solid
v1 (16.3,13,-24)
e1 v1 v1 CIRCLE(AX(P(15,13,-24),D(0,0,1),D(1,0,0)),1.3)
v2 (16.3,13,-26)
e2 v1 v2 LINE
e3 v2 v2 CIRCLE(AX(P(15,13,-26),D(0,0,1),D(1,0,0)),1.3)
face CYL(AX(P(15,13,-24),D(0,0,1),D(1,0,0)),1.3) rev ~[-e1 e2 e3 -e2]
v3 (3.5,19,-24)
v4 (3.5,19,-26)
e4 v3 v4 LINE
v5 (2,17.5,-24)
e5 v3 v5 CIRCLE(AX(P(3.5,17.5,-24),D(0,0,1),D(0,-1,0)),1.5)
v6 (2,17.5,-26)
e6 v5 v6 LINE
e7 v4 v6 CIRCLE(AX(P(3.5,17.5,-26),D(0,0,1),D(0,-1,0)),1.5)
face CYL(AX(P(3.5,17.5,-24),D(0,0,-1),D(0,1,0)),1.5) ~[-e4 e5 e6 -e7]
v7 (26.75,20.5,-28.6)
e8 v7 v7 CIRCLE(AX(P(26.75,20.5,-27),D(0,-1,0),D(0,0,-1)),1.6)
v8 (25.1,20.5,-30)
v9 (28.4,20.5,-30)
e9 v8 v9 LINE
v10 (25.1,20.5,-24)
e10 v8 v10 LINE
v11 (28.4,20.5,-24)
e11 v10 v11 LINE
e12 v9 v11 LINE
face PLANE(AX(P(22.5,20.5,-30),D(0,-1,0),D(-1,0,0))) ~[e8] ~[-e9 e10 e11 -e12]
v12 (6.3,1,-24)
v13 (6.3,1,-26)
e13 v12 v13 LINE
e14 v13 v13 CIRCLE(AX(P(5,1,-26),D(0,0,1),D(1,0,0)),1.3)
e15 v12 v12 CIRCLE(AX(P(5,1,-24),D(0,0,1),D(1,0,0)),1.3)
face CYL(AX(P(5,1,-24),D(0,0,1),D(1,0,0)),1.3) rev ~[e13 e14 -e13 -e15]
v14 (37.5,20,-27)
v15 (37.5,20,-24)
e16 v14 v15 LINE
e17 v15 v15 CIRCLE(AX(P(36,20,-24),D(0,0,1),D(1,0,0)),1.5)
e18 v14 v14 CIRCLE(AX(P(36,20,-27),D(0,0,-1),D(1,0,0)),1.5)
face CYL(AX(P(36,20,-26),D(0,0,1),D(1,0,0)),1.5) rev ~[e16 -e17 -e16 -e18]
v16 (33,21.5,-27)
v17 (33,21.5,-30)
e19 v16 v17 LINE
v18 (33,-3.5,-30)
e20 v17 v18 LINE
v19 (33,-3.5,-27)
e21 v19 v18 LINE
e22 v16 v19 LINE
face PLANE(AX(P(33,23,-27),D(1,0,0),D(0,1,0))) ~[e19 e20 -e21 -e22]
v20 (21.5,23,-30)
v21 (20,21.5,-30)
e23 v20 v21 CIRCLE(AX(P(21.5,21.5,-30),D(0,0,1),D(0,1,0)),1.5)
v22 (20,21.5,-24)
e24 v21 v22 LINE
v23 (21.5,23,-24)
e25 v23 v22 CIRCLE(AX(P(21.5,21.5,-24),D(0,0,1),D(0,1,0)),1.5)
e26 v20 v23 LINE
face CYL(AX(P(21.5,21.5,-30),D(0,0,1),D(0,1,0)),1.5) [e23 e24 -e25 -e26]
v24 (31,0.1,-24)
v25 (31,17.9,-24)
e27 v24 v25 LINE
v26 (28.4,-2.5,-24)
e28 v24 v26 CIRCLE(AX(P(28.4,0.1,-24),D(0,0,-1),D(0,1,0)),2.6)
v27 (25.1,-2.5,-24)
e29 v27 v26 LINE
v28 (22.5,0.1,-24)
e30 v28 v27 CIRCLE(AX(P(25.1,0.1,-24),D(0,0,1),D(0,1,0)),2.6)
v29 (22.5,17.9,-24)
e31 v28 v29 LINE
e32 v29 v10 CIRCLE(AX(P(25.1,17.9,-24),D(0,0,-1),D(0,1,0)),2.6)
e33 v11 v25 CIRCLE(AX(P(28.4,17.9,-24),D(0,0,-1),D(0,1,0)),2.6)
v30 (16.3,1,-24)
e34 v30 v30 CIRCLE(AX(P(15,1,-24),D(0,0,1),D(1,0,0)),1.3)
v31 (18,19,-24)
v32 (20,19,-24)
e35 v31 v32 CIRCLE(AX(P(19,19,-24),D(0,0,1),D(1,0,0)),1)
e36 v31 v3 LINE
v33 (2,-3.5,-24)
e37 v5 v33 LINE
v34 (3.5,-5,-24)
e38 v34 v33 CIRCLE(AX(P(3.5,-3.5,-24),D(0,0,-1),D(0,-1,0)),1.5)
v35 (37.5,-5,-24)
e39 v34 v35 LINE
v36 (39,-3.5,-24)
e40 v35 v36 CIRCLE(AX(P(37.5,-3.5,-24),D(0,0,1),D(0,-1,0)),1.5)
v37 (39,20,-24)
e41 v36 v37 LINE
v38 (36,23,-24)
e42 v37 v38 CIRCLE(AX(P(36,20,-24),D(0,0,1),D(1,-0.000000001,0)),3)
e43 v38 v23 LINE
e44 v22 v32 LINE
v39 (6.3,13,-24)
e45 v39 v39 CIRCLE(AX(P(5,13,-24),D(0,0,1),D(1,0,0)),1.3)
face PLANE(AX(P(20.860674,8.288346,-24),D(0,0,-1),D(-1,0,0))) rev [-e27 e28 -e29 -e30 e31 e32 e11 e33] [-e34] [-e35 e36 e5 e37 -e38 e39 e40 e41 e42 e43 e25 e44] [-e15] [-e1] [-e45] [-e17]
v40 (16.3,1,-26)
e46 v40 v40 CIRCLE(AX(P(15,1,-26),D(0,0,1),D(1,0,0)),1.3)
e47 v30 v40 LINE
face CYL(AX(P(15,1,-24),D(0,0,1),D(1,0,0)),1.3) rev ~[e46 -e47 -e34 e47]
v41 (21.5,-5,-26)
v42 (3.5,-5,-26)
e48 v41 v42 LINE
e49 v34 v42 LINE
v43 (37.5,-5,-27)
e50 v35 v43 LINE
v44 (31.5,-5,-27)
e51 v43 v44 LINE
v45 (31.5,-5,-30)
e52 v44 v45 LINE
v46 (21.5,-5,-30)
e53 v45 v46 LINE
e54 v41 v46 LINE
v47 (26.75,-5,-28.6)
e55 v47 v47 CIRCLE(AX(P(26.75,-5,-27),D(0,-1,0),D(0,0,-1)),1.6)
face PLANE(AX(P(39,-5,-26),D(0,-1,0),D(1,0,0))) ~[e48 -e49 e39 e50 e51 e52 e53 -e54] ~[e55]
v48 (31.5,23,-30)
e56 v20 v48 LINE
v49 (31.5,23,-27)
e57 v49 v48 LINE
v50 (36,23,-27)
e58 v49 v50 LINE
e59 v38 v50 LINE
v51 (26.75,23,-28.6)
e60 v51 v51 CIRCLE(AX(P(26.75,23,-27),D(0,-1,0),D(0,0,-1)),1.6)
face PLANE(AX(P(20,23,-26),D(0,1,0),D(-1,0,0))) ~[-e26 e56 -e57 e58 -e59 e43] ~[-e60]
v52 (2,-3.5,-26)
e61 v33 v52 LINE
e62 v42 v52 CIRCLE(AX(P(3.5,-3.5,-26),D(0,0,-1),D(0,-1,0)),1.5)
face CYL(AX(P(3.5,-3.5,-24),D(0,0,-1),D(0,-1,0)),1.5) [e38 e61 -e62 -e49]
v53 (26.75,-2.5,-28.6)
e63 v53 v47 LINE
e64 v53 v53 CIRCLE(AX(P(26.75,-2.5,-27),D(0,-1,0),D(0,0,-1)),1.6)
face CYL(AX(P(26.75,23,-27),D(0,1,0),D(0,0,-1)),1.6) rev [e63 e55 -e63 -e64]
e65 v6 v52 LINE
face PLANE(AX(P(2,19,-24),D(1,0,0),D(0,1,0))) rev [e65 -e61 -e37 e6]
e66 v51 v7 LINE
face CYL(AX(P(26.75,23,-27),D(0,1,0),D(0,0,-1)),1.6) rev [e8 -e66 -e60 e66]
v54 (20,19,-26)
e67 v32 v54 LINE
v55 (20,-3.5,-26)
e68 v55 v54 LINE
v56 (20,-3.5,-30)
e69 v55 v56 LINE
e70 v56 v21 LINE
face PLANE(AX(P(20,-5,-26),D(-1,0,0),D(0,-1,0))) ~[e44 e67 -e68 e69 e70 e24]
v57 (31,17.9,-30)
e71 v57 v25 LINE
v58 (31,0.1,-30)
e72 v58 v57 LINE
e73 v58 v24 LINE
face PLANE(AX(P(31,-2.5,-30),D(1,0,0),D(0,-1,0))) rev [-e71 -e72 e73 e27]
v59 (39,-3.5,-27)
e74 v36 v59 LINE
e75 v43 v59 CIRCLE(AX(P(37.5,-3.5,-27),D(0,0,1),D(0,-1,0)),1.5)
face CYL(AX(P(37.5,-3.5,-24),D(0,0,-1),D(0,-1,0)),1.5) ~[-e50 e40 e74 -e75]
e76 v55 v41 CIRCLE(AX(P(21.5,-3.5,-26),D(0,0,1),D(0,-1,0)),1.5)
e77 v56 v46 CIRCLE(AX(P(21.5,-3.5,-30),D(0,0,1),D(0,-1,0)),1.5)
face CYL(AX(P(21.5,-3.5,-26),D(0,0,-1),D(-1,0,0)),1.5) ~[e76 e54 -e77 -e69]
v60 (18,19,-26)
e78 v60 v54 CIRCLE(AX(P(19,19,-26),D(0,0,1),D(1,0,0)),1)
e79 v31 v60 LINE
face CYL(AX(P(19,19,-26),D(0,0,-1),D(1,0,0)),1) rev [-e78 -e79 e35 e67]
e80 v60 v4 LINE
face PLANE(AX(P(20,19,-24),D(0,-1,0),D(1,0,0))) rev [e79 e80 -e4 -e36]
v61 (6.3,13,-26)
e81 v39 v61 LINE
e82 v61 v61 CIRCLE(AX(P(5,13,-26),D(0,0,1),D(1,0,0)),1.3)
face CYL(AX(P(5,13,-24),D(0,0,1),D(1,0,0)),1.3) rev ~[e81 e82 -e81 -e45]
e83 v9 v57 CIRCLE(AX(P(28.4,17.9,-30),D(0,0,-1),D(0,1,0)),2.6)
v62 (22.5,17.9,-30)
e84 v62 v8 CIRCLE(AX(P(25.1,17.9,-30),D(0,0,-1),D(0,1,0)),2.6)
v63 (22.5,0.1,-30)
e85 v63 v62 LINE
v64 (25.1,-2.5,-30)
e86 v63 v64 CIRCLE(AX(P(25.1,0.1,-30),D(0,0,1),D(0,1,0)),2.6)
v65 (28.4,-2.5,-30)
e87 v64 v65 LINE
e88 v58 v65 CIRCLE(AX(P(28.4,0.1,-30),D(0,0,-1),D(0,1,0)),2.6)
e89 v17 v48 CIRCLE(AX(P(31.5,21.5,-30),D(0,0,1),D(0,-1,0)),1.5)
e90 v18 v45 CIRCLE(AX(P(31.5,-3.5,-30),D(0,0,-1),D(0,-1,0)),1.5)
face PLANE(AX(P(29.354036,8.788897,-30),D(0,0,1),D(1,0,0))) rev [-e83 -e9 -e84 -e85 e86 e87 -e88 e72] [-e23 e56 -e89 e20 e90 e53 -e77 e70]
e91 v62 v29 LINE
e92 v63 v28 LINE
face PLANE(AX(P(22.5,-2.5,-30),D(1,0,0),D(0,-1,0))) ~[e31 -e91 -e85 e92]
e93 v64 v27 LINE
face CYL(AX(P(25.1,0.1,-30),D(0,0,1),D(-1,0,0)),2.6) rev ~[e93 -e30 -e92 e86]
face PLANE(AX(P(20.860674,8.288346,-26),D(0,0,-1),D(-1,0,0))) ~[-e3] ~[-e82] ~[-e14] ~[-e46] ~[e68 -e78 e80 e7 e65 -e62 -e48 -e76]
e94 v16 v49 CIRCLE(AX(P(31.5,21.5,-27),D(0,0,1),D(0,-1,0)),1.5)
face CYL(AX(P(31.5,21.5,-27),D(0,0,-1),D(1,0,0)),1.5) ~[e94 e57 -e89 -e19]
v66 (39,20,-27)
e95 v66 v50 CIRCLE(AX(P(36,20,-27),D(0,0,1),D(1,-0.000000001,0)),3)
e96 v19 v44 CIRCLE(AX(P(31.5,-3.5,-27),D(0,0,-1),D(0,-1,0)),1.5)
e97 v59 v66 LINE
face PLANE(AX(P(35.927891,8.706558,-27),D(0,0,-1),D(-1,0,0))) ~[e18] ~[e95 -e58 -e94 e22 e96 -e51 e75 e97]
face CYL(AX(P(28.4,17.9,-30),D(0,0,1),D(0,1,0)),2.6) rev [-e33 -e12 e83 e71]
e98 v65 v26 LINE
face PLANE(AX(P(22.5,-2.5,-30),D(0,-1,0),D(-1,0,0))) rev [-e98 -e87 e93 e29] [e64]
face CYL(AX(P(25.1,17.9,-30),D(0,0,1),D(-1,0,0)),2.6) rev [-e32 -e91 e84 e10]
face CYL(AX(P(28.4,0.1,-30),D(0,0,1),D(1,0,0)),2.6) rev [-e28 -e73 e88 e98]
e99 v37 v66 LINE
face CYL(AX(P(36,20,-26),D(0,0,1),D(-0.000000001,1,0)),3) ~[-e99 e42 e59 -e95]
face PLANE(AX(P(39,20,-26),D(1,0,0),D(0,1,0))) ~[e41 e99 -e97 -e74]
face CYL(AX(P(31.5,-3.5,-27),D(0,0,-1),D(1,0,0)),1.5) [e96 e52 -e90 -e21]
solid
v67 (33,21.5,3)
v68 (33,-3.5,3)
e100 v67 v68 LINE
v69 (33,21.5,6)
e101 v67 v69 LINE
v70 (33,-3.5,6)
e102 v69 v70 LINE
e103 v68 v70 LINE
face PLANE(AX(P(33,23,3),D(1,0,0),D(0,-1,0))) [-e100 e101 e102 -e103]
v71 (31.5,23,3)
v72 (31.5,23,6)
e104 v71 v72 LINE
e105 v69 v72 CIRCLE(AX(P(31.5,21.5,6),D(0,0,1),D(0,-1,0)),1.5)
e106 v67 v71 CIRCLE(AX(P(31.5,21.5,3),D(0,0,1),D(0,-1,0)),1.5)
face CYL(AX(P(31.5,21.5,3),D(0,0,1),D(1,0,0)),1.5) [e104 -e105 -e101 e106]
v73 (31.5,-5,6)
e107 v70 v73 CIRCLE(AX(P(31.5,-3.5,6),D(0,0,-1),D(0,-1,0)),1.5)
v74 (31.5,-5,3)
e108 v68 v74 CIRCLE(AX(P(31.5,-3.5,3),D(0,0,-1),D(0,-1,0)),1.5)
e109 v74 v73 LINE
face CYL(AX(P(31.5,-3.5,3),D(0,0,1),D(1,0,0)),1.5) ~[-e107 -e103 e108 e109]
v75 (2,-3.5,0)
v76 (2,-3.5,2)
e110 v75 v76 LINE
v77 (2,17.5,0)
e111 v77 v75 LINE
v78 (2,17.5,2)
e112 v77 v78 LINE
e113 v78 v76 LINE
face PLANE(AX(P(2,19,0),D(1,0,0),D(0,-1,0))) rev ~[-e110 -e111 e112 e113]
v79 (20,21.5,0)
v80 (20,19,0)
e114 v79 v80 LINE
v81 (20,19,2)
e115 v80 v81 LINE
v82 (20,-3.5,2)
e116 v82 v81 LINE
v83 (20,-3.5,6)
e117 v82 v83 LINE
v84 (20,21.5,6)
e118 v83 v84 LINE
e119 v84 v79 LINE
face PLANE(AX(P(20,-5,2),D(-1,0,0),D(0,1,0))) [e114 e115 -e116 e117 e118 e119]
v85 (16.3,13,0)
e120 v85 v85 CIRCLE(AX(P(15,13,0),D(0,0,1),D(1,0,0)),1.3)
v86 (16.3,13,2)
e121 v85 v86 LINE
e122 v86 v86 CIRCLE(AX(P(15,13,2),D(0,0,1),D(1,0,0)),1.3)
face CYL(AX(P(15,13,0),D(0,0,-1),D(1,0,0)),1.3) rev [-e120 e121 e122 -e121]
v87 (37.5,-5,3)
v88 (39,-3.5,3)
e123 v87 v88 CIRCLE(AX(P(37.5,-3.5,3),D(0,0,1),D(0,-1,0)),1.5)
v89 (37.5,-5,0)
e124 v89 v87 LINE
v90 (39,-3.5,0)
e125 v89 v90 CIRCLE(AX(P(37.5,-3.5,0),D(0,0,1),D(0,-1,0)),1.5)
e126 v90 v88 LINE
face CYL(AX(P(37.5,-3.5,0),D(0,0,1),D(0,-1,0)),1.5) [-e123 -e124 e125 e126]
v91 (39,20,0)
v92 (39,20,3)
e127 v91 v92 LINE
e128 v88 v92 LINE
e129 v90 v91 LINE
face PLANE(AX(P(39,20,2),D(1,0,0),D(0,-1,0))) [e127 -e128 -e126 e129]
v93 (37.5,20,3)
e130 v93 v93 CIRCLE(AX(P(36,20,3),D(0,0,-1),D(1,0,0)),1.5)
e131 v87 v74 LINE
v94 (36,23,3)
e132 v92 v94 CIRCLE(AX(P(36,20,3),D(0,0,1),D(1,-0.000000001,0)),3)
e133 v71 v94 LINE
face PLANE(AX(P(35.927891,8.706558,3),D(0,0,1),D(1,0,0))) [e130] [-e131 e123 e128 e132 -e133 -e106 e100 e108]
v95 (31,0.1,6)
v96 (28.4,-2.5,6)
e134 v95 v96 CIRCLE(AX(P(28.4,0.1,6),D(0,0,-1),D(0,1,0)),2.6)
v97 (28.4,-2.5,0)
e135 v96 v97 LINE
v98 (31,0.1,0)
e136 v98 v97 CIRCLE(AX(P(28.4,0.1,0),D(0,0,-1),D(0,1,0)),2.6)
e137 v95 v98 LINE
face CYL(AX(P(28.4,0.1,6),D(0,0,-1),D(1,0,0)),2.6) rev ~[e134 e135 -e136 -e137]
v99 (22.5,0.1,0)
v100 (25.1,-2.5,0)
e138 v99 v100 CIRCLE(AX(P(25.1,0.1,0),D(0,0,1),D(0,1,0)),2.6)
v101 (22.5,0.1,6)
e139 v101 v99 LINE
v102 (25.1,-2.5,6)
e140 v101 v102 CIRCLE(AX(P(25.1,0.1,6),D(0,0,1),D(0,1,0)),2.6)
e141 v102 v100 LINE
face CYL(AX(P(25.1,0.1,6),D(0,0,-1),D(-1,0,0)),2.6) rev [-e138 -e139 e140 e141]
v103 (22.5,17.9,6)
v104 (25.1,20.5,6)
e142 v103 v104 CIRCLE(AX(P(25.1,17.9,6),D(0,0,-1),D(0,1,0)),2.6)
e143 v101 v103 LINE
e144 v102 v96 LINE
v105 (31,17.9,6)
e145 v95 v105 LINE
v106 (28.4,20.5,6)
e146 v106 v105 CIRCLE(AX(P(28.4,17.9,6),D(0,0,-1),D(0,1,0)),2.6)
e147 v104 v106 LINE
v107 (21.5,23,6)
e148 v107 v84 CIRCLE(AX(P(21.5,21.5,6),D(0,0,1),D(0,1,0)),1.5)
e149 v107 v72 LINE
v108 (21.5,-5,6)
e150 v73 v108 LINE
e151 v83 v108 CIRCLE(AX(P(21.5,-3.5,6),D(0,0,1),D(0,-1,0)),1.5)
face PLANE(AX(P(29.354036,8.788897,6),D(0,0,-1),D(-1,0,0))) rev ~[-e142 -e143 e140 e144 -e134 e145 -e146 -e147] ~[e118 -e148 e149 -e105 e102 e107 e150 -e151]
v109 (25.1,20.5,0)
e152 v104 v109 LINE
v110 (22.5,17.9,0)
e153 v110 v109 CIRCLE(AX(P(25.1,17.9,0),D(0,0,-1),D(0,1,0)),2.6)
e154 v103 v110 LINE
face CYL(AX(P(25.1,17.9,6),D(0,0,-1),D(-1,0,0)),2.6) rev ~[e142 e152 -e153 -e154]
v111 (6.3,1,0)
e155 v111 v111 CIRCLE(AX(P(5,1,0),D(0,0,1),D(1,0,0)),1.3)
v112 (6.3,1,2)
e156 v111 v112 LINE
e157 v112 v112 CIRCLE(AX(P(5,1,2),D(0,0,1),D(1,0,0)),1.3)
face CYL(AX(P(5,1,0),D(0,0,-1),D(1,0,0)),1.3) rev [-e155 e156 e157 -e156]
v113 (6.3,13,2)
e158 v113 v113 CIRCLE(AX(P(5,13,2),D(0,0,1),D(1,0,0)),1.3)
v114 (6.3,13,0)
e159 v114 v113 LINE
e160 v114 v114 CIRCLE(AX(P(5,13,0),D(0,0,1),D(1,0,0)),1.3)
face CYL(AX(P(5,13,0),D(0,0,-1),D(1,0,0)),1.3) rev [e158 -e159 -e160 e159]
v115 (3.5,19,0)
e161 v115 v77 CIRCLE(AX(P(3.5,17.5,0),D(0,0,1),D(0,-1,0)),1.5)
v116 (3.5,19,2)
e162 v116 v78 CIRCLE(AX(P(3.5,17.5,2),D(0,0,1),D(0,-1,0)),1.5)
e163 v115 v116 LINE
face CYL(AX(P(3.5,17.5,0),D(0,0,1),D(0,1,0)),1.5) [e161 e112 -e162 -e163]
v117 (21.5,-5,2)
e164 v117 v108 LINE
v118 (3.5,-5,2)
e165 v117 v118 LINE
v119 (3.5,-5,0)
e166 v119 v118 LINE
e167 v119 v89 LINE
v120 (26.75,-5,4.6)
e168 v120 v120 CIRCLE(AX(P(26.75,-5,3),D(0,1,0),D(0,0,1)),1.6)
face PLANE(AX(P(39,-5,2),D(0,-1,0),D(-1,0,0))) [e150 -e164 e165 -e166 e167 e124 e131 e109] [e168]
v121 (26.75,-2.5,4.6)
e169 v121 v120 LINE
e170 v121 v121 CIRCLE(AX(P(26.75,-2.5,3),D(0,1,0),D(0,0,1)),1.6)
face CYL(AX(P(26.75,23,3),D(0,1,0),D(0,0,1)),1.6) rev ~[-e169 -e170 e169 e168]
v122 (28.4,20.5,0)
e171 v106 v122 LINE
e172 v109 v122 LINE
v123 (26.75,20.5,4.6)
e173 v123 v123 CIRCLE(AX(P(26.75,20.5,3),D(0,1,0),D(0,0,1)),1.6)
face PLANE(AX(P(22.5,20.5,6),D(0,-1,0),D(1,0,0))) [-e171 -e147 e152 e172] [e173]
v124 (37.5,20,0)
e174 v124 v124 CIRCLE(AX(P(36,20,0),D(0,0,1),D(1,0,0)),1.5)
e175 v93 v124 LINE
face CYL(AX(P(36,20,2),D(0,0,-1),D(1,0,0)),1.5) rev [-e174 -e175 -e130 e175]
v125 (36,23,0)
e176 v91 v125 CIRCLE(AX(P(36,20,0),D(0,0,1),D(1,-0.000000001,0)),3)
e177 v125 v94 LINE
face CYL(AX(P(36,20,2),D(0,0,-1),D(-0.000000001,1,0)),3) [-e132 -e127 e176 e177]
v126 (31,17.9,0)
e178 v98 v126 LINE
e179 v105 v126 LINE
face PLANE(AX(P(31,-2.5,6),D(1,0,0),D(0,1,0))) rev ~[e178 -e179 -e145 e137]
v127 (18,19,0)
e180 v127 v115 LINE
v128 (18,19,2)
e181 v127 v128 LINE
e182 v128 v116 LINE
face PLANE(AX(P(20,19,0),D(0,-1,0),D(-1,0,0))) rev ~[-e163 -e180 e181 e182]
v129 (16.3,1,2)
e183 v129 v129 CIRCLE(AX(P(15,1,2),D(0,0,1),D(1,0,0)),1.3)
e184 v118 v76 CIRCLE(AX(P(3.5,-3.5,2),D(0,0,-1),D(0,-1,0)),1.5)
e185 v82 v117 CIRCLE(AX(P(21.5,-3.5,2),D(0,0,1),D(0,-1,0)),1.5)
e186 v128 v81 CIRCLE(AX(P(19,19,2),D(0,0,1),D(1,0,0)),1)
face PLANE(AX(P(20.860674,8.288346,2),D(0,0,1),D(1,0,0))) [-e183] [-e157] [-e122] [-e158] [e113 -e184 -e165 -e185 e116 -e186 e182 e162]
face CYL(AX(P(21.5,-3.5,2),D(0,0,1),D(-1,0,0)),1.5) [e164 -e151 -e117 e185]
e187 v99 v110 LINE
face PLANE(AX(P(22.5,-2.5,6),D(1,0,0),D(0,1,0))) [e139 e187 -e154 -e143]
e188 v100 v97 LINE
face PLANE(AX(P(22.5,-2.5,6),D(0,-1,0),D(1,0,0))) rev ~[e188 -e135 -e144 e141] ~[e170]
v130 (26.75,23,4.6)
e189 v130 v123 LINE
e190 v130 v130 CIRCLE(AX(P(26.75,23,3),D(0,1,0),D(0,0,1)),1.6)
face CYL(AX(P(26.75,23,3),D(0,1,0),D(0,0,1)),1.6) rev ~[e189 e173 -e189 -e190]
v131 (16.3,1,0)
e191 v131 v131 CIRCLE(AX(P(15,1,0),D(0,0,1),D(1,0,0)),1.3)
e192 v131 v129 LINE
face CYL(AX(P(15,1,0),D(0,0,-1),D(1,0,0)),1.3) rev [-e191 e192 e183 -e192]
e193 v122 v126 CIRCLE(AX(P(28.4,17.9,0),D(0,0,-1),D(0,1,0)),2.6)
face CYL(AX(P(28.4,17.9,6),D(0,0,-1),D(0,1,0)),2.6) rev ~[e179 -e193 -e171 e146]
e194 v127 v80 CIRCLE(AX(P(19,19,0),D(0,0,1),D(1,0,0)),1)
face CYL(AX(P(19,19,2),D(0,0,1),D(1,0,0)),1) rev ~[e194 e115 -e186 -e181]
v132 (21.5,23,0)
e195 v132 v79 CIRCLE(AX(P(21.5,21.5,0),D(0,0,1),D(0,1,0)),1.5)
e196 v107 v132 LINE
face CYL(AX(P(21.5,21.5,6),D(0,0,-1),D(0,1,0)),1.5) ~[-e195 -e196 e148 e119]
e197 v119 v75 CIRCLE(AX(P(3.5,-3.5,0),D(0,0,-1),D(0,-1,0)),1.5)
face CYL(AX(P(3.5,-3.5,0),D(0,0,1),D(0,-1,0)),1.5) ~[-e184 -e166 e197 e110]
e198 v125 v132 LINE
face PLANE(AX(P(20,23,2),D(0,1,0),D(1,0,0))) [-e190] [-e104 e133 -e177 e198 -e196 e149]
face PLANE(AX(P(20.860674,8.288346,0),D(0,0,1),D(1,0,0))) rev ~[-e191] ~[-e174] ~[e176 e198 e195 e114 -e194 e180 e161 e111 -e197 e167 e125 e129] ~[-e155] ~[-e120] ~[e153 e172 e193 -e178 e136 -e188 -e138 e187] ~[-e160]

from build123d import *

# Parameters (mm, degrees)
SKETCH_3_R          = 1.5
SKETCH_3_R_2        = 1.3
EXTRUDE_1_DEPTH     = 2
SKETCH_4_R          = 1.5
EXTRUDE_2_DEPTH     = 4
SKETCH_5_R          = 1.6
CUT_EXTRUDE_1_DEPTH = 34
SKETCH_6_W          = 8.5
SKETCH_6_H          = 23
CUT_EXTRUDE_2_DEPTH = 34
FILLET_1_R          = 2.6
CUT_EXTRUDE_START   = -3
CUT_EXTRUDE_3_DEPTH = 3
FILLET_2_R          = 1.5
SKETCH_10_R         = 1
CUT_EXTRUDE_4_DEPTH = 4


with BuildPart() as part:
    # 草图3 → 凸台-拉伸1 (new body)
    with BuildSketch(Plane.XY):
        with BuildLine():
            Line((2, 19), (2, -5))
            Line((2, -5), (20, -5))
            Line((20, -5), (39, -5))
            Line((39, -5), (39, 20))
            ThreePointArc((39, 20), (38.121320344, 22.121320344), (36, 23))
            Line((36, 23), (20, 23))
            Line((20, 23), (20, 19))
            Line((20, 19), (2, 19))
        make_face()
        with Locations((36, 20)):
            Circle(SKETCH_3_R, mode=Mode.SUBTRACT)
        with Locations((15, 13)):
            Circle(SKETCH_3_R_2, mode=Mode.SUBTRACT)
        with Locations((5, 13)):
            Circle(SKETCH_3_R_2, mode=Mode.SUBTRACT)
        with Locations((5, 1)):
            Circle(SKETCH_3_R_2, mode=Mode.SUBTRACT)
        with Locations((15, 1)):
            Circle(SKETCH_3_R_2, mode=Mode.SUBTRACT)
    extrude(amount=EXTRUDE_1_DEPTH)

    # 草图4 → 凸台-拉伸2 (add)
    with BuildSketch(Plane.XY.offset(2)):
        with BuildLine():
            Line((39, -5), (20, -5))
            Line((20, -5), (20, 23))
            Line((20, 23), (36, 23))
            ThreePointArc((36, 23), (38.121320344, 22.121320344), (39, 20))
            Line((39, 20), (39, -5))
        make_face()
        with Locations((36, 20)):
            Circle(SKETCH_4_R, mode=Mode.SUBTRACT)
    extrude(amount=EXTRUDE_2_DEPTH)

    # 草图5 → 切除-拉伸1 (cut)
    with BuildSketch(Plane(origin=(0, 23, 0), x_dir=(1, 0, 0), z_dir=(0, 1, 0))):
        with Locations(Location((26.75, -3, 0), (0, 0, 270))):
            Circle(SKETCH_5_R)
    extrude(amount=-CUT_EXTRUDE_1_DEPTH, mode=Mode.SUBTRACT)

    # 草图6 → 切除-拉伸2 (cut)
    with BuildSketch(Plane.XY.offset(6)):
        with Locations((26.75, 9)):
            Rectangle(SKETCH_6_W, SKETCH_6_H)
    extrude(amount=-CUT_EXTRUDE_2_DEPTH, mode=Mode.SUBTRACT)

    # 圆角1
    fillet_1_edges = [part.edges().sort_by_distance(p)[0] for p in [
        (22.5, 20.5, 3),
        (31, -2.5, 3),
        (22.5, -2.5, 3),
        (31, 20.5, 3),
    ]]
    fillet(fillet_1_edges, radius=FILLET_1_R)

    # 草图7 → 切除-拉伸3 (cut)
    with BuildSketch(Plane.XY.offset(6).offset(CUT_EXTRUDE_START)):
        with BuildLine():
            Line((33, 23), (33, -5))
            Line((33, -5), (39, -5))
            Line((39, -5), (39, 20))
            ThreePointArc((39, 20), (38.121320344, 22.121320344), (36, 23))
            Line((36, 23), (33, 23))
        make_face()
    extrude(amount=CUT_EXTRUDE_3_DEPTH, mode=Mode.SUBTRACT)

    # 圆角2
    fillet_2_edges = [part.edges().sort_by_distance(p)[0] for p in [
        (39, -5, 1.5),
        (33, 23, 4.5),
        (33, -5, 4.5),
        (20, 23, 3),
        (2, -5, 1),
        (2, 19, 1),
        (20, -5, 4),
    ]]
    fillet(fillet_2_edges, radius=FILLET_2_R)

    # 草图10 → 切除-拉伸4 (cut)
    with BuildSketch(Plane.XY.offset(2)):
        with Locations((19, 19)):
            Circle(SKETCH_10_R)
    extrude(amount=-CUT_EXTRUDE_4_DEPTH, mode=Mode.SUBTRACT)


with BuildPart() as body_2:
    # 镜向1: mirrored copy
    add(part.part.mirror(Plane(origin=(0, 0, -12), x_dir=(1, 0, 0), z_dir=(0, 0, -1))))


solid = Compound([part.part, body_2.part])
